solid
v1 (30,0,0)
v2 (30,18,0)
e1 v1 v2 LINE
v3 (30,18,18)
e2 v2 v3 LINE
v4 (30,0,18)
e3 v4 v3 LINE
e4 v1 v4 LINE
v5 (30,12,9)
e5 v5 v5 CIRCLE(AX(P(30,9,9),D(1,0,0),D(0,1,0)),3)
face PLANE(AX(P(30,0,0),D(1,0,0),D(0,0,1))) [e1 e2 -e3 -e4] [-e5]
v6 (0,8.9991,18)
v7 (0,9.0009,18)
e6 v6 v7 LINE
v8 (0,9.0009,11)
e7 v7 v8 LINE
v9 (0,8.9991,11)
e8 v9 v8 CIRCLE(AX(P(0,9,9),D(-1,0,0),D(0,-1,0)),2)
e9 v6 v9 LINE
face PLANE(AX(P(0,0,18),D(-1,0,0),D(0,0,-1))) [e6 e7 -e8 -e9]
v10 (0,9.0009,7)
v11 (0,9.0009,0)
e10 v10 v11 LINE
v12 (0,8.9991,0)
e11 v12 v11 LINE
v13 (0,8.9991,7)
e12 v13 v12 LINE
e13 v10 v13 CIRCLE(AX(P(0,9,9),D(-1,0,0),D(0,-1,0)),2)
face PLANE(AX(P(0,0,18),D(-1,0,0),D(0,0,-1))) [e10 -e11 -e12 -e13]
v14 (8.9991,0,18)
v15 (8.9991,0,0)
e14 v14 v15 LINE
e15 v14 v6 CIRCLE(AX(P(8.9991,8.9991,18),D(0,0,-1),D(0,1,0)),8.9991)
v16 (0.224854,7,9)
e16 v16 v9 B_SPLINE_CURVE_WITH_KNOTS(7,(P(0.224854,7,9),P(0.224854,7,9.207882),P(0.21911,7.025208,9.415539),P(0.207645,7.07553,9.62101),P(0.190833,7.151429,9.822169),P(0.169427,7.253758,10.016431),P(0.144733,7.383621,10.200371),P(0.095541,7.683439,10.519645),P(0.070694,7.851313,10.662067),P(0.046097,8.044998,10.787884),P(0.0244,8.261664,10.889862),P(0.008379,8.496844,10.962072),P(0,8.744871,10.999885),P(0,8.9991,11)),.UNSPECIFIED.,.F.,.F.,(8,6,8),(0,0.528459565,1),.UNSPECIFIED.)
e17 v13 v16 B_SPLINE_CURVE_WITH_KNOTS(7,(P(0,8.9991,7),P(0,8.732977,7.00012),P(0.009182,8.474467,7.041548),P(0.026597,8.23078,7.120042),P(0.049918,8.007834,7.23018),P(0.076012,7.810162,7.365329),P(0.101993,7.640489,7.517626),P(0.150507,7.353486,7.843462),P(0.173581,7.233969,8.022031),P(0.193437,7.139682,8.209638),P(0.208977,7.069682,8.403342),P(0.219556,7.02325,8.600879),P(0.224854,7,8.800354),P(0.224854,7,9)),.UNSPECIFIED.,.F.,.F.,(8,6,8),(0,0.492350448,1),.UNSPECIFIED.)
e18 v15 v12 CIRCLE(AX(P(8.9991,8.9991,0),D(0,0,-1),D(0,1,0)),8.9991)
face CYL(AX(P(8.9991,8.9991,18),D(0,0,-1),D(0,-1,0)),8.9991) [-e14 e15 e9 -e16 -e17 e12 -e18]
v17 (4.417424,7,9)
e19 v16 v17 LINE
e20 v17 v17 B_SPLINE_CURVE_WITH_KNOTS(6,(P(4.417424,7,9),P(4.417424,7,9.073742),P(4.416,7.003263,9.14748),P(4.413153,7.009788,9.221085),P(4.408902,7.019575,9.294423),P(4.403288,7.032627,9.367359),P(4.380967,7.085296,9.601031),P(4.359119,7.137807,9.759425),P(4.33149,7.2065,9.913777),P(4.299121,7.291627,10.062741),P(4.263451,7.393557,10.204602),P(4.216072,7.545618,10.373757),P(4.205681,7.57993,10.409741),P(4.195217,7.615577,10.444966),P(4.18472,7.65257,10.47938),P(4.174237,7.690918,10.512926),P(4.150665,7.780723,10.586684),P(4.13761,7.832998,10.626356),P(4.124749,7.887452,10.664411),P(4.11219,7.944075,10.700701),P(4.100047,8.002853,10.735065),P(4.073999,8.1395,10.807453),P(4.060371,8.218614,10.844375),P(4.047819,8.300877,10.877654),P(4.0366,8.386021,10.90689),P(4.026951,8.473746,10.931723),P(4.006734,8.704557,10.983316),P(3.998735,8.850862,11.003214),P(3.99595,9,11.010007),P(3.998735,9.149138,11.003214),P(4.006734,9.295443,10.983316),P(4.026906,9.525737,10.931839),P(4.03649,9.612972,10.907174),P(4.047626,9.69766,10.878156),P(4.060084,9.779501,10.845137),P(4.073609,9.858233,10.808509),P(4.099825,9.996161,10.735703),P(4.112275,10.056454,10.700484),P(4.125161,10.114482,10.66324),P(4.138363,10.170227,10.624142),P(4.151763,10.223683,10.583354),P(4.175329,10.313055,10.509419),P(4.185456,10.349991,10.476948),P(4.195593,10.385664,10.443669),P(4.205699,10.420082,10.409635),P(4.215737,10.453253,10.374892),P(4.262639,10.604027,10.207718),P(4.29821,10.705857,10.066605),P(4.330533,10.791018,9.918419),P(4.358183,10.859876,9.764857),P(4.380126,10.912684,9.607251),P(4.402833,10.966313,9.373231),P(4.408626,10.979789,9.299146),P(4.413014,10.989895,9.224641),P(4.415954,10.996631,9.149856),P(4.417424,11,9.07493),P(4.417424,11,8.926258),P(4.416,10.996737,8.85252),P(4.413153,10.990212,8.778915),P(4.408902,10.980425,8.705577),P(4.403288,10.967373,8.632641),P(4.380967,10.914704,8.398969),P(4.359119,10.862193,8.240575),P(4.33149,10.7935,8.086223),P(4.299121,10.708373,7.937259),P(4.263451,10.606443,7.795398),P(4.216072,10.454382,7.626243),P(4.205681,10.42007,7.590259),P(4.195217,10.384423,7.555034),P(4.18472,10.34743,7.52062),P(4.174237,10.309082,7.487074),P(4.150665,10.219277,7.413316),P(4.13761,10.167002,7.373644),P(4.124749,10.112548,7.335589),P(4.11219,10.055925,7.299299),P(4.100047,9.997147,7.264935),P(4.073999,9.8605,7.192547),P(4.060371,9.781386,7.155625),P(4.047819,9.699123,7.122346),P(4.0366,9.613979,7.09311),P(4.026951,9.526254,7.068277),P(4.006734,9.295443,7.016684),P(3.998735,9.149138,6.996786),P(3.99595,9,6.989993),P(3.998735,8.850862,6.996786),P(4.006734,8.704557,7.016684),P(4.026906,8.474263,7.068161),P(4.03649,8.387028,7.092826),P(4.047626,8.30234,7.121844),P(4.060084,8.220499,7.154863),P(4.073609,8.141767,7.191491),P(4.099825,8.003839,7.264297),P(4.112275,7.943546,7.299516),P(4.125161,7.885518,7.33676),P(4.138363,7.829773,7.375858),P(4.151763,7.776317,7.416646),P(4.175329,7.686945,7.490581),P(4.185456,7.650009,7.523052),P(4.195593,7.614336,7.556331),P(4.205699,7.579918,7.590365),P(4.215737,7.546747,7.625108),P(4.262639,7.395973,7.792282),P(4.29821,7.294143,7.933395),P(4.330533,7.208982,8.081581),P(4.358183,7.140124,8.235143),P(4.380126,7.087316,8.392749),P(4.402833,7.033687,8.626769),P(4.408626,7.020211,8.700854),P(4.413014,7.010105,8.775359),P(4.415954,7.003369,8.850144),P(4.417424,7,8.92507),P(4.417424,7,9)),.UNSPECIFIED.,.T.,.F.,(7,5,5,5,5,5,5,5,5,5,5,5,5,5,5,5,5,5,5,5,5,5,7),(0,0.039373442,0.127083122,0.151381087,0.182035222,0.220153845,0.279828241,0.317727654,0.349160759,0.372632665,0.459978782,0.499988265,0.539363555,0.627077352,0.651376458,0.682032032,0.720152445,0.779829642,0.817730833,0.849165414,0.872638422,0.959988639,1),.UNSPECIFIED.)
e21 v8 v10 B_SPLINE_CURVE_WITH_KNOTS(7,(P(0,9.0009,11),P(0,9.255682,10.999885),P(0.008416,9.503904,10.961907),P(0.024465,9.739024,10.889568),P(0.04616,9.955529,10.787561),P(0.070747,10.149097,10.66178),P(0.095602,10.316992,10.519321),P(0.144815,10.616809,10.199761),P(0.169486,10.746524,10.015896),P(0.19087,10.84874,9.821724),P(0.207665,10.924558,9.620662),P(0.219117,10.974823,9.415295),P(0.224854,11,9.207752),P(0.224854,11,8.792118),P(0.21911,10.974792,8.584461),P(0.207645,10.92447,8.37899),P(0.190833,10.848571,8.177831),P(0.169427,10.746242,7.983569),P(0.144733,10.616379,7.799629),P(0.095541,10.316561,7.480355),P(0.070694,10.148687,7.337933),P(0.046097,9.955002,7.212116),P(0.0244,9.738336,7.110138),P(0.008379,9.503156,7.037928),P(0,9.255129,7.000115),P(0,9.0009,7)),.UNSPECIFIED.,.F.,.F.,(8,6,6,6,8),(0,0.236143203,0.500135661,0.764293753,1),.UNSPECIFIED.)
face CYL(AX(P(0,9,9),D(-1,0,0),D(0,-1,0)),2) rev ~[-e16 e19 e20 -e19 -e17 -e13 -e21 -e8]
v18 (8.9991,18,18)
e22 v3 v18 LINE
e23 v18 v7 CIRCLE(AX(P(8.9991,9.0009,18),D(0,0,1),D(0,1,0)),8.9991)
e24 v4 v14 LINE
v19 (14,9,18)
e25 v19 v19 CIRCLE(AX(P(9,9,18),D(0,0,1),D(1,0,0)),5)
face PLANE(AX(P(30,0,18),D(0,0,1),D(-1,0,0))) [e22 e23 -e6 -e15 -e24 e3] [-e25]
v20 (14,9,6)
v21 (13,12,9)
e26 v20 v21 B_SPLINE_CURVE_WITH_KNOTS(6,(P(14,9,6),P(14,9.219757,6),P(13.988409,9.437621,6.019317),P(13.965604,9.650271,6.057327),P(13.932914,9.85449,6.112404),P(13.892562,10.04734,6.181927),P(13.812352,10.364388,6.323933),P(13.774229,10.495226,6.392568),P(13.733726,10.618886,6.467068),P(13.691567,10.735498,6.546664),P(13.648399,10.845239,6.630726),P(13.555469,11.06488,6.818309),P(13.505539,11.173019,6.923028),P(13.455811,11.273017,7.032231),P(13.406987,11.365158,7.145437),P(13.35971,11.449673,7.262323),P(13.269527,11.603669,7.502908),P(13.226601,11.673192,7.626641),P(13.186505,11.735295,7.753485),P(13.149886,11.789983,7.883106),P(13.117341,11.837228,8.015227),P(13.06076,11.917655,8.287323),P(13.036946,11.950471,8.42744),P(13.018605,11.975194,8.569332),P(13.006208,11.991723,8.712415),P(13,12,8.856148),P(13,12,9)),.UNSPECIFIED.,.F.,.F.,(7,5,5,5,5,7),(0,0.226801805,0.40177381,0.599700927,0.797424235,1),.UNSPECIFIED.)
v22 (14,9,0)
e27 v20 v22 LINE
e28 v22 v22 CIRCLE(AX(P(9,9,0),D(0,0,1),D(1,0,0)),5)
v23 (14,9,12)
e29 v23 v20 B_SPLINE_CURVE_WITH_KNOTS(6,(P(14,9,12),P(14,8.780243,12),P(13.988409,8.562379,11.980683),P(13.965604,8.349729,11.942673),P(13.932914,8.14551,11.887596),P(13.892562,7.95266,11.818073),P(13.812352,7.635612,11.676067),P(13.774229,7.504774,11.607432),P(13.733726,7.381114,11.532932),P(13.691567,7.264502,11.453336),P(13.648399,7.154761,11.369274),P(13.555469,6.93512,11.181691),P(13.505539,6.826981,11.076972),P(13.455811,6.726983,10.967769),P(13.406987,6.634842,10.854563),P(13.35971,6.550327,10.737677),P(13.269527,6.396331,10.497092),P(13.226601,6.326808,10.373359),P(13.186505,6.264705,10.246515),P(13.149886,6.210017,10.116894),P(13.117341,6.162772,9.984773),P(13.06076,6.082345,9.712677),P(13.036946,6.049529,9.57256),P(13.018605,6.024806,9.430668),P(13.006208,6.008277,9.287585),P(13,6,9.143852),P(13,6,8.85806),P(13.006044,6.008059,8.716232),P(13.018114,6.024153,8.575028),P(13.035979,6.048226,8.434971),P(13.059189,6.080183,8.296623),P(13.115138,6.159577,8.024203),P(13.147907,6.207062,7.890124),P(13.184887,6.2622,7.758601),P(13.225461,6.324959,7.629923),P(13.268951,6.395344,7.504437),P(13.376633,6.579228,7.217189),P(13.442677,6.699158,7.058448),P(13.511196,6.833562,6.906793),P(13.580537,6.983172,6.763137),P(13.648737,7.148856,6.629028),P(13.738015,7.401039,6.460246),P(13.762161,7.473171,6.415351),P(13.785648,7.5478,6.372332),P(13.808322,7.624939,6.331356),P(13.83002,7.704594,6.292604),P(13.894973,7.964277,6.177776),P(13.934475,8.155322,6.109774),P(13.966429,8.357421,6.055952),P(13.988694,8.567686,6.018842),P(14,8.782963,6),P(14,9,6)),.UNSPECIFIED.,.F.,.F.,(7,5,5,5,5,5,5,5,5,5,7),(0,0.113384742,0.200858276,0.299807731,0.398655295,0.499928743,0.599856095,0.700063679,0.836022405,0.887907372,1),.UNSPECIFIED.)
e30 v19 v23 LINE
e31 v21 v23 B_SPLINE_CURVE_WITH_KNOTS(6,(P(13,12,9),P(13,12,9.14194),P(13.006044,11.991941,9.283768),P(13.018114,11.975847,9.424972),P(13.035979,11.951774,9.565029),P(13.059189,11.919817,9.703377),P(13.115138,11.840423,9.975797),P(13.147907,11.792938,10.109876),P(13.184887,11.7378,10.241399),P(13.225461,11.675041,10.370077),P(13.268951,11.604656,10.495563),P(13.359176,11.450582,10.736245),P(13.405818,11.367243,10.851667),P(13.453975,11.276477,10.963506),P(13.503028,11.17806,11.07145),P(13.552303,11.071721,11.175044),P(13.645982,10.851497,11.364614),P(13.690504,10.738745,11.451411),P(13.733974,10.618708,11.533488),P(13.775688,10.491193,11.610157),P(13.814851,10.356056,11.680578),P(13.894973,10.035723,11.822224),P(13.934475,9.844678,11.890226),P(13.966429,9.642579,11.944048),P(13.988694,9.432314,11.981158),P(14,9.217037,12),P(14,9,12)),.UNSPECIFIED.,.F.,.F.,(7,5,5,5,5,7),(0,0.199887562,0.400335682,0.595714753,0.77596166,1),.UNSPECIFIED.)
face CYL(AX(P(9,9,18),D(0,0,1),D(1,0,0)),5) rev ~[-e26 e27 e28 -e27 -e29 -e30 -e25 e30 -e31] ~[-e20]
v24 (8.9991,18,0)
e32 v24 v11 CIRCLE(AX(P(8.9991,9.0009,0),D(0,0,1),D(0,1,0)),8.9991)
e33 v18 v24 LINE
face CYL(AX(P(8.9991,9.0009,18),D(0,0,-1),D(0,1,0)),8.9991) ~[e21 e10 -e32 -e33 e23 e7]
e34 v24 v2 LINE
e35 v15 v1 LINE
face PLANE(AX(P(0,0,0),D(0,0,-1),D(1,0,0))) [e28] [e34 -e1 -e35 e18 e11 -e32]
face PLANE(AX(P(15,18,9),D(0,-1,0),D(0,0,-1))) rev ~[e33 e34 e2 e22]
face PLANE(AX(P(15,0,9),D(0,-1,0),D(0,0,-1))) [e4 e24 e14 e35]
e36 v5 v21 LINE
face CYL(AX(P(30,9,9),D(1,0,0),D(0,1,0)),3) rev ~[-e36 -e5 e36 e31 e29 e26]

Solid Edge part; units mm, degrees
sketch "Sketch1" plane through (0, 0, 0) normal (0, -1, 0) x (1, 0, 0)
  line L0 (30, 18) -> (0, 18)
  line L1 (0, 18) -> (0, 0)
  line L2 (0, 0) -> (30, 0)
  line L3 (30, 0) -> (30, 18)
extrude "Protrusion1" add sketch "Sketch1" against normal blind 18
sketch "Sketch2" plane through (15, 9, 18) normal (0, 0, 1) x (1, 0, 0)
  circle A0 centre (-6, 0) radius 5
extrude "Recorte_Extrudado_1" cut sketch "Sketch2" against normal blind 18
fillet "Redondo_1" radius 9 2 edges at (0, 18, 9) (0, 0, 9)
extrude "Cutout1" [suppressed]
sketch "Sketch3" plane through (30, 9, 9) normal (1, 0, 0) x (0, 1, 0)
  circle A0 centre (0, 0) radius 3
extrude "Recorte_Extrudado_3" cut sketch "Sketch3" against normal blind 21
sketch "Sketch4" plane through (0, 0, 0) normal (-1, 0, 0) x (0, -1, 0)
  circle A0 centre (-9, 9) radius 2
extrude "Recorte_Extrudado_4" cut sketch "Sketch4" against normal blind 7
